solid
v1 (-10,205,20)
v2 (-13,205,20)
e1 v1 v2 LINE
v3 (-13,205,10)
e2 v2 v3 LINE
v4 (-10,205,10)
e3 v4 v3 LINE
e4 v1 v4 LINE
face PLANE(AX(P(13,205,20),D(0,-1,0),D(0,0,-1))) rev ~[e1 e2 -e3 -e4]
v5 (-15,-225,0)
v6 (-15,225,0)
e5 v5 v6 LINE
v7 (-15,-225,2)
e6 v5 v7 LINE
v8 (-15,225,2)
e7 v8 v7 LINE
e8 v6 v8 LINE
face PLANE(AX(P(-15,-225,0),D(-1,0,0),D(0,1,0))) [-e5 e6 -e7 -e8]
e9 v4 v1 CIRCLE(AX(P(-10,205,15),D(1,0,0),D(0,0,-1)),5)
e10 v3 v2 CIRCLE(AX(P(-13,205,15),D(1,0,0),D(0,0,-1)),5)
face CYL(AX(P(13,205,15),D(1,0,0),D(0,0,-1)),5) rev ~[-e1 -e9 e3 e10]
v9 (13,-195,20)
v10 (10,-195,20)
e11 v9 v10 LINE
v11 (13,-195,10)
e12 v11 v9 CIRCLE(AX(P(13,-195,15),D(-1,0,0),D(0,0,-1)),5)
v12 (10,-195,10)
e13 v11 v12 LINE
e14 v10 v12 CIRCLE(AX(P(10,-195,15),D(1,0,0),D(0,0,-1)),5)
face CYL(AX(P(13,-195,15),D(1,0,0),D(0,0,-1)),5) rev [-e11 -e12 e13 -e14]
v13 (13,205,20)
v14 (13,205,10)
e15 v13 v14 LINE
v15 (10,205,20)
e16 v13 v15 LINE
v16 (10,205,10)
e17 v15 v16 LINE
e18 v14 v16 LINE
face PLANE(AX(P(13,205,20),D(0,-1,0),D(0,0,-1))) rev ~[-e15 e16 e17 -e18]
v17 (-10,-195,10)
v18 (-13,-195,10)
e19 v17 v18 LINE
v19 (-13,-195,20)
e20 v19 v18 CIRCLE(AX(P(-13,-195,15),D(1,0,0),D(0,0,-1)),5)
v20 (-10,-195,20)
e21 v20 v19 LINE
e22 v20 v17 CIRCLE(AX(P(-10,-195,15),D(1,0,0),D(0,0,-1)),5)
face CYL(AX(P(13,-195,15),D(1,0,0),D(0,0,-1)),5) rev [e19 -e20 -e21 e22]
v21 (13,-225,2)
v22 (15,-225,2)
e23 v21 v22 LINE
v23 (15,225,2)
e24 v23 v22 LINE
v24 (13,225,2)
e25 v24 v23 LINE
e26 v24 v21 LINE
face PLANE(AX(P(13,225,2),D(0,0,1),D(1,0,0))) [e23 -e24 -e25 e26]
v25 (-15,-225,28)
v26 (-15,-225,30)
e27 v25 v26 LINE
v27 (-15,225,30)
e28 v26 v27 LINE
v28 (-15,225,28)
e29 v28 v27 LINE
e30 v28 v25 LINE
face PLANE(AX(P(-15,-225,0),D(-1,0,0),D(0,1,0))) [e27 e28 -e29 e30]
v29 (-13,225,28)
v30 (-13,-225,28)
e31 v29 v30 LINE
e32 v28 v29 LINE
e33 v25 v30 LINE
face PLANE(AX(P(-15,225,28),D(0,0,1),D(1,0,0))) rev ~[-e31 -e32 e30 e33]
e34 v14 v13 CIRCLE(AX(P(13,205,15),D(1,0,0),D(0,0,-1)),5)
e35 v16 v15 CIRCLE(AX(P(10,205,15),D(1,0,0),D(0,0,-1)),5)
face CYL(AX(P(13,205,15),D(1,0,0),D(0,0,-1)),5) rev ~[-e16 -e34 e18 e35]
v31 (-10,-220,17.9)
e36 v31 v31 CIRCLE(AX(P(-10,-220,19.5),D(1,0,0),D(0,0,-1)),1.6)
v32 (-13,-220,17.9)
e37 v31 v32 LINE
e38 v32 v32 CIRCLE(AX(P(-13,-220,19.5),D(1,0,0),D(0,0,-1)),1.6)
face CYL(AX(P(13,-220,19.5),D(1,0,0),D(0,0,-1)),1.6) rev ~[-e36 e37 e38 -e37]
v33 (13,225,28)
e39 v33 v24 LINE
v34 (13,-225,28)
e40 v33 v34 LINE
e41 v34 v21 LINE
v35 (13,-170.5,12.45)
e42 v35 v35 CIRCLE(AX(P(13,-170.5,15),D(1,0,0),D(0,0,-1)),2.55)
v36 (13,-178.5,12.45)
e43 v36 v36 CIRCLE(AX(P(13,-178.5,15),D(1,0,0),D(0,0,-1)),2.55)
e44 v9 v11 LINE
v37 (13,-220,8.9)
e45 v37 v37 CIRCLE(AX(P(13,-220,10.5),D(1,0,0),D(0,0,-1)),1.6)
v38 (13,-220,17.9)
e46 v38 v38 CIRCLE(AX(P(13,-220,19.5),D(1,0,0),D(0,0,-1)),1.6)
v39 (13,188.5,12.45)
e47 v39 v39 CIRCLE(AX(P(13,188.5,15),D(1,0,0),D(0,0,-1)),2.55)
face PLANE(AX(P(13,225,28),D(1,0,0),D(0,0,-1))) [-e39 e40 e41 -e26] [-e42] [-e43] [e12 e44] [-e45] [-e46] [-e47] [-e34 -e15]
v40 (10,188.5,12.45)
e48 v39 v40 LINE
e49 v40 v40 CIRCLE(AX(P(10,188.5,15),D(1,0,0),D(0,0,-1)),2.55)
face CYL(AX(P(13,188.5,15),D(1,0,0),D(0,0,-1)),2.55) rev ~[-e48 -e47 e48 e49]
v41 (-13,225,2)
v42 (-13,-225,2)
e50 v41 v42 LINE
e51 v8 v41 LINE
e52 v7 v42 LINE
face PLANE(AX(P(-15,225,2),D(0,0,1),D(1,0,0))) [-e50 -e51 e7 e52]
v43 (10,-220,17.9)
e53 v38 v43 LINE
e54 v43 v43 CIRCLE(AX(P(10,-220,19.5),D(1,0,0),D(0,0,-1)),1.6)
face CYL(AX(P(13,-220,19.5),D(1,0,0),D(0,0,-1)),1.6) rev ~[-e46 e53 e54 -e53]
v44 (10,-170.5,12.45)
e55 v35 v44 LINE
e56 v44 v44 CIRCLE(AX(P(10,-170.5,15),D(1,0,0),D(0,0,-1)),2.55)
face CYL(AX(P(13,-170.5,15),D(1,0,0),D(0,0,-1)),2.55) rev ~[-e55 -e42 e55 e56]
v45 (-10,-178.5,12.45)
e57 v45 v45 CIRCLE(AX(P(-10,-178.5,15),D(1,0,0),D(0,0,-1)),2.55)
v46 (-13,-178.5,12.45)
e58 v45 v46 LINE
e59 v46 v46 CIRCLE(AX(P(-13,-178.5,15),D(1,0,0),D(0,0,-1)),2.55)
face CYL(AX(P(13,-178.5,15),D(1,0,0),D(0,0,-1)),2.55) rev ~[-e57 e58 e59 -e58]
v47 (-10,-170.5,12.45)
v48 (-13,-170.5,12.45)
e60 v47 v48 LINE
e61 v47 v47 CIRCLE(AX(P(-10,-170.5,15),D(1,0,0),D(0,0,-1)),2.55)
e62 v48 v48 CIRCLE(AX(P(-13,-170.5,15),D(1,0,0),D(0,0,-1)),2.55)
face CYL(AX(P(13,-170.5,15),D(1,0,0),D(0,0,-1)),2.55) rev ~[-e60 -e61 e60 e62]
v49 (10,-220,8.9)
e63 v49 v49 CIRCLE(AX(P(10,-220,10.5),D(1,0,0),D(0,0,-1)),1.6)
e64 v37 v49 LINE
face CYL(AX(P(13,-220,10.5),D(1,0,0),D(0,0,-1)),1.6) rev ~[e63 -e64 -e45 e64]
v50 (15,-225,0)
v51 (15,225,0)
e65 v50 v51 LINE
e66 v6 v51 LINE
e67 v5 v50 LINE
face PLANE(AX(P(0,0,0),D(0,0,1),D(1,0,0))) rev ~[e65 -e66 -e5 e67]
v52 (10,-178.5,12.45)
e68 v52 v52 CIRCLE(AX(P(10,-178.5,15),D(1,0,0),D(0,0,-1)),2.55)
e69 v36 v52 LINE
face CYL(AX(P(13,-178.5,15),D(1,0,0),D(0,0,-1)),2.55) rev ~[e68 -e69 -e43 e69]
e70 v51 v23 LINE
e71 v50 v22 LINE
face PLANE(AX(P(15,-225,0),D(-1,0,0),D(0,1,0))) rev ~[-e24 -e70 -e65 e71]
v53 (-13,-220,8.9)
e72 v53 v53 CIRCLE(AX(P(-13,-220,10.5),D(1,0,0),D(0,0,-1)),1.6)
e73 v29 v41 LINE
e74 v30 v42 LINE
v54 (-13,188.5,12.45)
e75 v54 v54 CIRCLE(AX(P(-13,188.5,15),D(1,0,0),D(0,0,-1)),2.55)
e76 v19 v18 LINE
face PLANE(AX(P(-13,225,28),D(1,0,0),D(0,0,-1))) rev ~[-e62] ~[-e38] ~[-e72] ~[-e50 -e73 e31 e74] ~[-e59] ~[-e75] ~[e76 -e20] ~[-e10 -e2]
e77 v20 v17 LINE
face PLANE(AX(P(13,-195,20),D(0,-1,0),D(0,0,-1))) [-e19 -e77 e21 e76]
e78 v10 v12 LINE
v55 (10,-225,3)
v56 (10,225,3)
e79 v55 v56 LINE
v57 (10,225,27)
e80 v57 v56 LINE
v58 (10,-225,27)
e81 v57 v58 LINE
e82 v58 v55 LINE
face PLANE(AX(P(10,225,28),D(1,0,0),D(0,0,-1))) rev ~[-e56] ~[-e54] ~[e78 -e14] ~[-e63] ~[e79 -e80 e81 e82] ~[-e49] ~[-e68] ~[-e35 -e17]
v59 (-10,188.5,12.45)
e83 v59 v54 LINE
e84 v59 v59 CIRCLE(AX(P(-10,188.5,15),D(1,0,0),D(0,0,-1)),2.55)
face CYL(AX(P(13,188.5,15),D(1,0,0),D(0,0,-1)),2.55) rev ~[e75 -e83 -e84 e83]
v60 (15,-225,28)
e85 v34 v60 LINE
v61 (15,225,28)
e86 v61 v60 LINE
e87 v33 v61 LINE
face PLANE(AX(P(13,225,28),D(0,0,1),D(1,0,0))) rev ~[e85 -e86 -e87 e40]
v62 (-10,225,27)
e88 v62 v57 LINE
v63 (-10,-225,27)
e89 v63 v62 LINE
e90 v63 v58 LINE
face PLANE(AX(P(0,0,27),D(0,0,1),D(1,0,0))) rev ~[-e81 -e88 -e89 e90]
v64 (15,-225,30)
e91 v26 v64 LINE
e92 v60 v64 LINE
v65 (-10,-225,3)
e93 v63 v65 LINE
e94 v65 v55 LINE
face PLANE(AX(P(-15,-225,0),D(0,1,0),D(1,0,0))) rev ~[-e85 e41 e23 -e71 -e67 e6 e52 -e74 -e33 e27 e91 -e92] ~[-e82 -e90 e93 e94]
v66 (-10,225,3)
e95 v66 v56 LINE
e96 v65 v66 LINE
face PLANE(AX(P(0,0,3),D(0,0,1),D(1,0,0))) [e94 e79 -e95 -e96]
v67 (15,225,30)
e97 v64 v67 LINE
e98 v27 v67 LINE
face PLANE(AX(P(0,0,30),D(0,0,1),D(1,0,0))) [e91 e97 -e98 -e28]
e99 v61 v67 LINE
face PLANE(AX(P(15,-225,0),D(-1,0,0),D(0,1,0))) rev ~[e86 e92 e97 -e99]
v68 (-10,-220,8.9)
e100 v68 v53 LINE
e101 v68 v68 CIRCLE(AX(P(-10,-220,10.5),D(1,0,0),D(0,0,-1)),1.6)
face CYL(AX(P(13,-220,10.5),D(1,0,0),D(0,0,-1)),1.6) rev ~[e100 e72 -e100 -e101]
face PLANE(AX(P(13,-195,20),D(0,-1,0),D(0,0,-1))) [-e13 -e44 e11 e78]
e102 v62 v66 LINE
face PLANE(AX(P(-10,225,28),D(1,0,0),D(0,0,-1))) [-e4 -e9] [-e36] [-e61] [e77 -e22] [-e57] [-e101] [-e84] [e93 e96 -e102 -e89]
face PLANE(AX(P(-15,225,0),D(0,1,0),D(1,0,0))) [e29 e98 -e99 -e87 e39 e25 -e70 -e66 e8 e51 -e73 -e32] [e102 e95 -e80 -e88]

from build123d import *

# Parameters (mm, degrees)
SKETCH_1_W          = 30
SKETCH_1_H          = 450
EXTRUDE_1_DEPTH     = 30
SKETCH_2_W          = 2
SKETCH_2_H          = 26
CUT_EXTRUDE_1_DEPTH = 452.248268695
SHELL_1_T           = -3
SKETCH_3_R          = 2.55
SKETCH_3_R_2        = 1.6
CUT_EXTRUDE_2_DEPTH = 229.7116088


with BuildPart() as part:
    # 草图1 → 凸台-拉伸1 (new body)
    with BuildSketch(Plane.XY):
        Rectangle(SKETCH_1_W, SKETCH_1_H)
    extrude(amount=EXTRUDE_1_DEPTH)

    # 草图2 → 切除-拉伸1 (cut, through all)
    with BuildSketch(Plane(origin=(0, 225, 0), x_dir=(1, 0, 0), z_dir=(0, 1, 0))):
        with Locations((-14, -15)):
            Rectangle(SKETCH_2_W, SKETCH_2_H)
        with Locations((14, -15)):
            Rectangle(SKETCH_2_W, SKETCH_2_H)
    extrude(amount=-CUT_EXTRUDE_1_DEPTH, mode=Mode.SUBTRACT)

    # 抽壳1
    shell_1_openings = [part.faces().sort_by_distance(p)[0] for p in [
        (0, 225, 15),
        (0, -225, 15),
    ]]
    offset(amount=SHELL_1_T, openings=shell_1_openings)

    # 草图3 → 切除-拉伸2 (cut, through all)
    with BuildSketch(Plane(origin=(13, 0, 0), x_dir=(0, 0, -1), z_dir=(1, 0, 0))):
        with Locations((-15, 188.5)):
            Circle(SKETCH_3_R)
        with Locations((-15, -178.5)):
            Circle(SKETCH_3_R)
        with Locations((-19.5, -220)):
            Circle(SKETCH_3_R_2)
        with Locations((-15, -170.5)):
            Circle(SKETCH_3_R)
        with Locations((-10.5, -220)):
            Circle(SKETCH_3_R_2)
        with BuildLine():
            Line((-20, 205), (-10, 205))
            ThreePointArc((-10, 205), (-15, 210), (-20, 205))
        make_face()
        with BuildLine():
            Line((-20, -195), (-10, -195))
            ThreePointArc((-10, -195), (-15, -200), (-20, -195))
        make_face()
    extrude(amount=-CUT_EXTRUDE_2_DEPTH, mode=Mode.SUBTRACT)


solid = part.part
